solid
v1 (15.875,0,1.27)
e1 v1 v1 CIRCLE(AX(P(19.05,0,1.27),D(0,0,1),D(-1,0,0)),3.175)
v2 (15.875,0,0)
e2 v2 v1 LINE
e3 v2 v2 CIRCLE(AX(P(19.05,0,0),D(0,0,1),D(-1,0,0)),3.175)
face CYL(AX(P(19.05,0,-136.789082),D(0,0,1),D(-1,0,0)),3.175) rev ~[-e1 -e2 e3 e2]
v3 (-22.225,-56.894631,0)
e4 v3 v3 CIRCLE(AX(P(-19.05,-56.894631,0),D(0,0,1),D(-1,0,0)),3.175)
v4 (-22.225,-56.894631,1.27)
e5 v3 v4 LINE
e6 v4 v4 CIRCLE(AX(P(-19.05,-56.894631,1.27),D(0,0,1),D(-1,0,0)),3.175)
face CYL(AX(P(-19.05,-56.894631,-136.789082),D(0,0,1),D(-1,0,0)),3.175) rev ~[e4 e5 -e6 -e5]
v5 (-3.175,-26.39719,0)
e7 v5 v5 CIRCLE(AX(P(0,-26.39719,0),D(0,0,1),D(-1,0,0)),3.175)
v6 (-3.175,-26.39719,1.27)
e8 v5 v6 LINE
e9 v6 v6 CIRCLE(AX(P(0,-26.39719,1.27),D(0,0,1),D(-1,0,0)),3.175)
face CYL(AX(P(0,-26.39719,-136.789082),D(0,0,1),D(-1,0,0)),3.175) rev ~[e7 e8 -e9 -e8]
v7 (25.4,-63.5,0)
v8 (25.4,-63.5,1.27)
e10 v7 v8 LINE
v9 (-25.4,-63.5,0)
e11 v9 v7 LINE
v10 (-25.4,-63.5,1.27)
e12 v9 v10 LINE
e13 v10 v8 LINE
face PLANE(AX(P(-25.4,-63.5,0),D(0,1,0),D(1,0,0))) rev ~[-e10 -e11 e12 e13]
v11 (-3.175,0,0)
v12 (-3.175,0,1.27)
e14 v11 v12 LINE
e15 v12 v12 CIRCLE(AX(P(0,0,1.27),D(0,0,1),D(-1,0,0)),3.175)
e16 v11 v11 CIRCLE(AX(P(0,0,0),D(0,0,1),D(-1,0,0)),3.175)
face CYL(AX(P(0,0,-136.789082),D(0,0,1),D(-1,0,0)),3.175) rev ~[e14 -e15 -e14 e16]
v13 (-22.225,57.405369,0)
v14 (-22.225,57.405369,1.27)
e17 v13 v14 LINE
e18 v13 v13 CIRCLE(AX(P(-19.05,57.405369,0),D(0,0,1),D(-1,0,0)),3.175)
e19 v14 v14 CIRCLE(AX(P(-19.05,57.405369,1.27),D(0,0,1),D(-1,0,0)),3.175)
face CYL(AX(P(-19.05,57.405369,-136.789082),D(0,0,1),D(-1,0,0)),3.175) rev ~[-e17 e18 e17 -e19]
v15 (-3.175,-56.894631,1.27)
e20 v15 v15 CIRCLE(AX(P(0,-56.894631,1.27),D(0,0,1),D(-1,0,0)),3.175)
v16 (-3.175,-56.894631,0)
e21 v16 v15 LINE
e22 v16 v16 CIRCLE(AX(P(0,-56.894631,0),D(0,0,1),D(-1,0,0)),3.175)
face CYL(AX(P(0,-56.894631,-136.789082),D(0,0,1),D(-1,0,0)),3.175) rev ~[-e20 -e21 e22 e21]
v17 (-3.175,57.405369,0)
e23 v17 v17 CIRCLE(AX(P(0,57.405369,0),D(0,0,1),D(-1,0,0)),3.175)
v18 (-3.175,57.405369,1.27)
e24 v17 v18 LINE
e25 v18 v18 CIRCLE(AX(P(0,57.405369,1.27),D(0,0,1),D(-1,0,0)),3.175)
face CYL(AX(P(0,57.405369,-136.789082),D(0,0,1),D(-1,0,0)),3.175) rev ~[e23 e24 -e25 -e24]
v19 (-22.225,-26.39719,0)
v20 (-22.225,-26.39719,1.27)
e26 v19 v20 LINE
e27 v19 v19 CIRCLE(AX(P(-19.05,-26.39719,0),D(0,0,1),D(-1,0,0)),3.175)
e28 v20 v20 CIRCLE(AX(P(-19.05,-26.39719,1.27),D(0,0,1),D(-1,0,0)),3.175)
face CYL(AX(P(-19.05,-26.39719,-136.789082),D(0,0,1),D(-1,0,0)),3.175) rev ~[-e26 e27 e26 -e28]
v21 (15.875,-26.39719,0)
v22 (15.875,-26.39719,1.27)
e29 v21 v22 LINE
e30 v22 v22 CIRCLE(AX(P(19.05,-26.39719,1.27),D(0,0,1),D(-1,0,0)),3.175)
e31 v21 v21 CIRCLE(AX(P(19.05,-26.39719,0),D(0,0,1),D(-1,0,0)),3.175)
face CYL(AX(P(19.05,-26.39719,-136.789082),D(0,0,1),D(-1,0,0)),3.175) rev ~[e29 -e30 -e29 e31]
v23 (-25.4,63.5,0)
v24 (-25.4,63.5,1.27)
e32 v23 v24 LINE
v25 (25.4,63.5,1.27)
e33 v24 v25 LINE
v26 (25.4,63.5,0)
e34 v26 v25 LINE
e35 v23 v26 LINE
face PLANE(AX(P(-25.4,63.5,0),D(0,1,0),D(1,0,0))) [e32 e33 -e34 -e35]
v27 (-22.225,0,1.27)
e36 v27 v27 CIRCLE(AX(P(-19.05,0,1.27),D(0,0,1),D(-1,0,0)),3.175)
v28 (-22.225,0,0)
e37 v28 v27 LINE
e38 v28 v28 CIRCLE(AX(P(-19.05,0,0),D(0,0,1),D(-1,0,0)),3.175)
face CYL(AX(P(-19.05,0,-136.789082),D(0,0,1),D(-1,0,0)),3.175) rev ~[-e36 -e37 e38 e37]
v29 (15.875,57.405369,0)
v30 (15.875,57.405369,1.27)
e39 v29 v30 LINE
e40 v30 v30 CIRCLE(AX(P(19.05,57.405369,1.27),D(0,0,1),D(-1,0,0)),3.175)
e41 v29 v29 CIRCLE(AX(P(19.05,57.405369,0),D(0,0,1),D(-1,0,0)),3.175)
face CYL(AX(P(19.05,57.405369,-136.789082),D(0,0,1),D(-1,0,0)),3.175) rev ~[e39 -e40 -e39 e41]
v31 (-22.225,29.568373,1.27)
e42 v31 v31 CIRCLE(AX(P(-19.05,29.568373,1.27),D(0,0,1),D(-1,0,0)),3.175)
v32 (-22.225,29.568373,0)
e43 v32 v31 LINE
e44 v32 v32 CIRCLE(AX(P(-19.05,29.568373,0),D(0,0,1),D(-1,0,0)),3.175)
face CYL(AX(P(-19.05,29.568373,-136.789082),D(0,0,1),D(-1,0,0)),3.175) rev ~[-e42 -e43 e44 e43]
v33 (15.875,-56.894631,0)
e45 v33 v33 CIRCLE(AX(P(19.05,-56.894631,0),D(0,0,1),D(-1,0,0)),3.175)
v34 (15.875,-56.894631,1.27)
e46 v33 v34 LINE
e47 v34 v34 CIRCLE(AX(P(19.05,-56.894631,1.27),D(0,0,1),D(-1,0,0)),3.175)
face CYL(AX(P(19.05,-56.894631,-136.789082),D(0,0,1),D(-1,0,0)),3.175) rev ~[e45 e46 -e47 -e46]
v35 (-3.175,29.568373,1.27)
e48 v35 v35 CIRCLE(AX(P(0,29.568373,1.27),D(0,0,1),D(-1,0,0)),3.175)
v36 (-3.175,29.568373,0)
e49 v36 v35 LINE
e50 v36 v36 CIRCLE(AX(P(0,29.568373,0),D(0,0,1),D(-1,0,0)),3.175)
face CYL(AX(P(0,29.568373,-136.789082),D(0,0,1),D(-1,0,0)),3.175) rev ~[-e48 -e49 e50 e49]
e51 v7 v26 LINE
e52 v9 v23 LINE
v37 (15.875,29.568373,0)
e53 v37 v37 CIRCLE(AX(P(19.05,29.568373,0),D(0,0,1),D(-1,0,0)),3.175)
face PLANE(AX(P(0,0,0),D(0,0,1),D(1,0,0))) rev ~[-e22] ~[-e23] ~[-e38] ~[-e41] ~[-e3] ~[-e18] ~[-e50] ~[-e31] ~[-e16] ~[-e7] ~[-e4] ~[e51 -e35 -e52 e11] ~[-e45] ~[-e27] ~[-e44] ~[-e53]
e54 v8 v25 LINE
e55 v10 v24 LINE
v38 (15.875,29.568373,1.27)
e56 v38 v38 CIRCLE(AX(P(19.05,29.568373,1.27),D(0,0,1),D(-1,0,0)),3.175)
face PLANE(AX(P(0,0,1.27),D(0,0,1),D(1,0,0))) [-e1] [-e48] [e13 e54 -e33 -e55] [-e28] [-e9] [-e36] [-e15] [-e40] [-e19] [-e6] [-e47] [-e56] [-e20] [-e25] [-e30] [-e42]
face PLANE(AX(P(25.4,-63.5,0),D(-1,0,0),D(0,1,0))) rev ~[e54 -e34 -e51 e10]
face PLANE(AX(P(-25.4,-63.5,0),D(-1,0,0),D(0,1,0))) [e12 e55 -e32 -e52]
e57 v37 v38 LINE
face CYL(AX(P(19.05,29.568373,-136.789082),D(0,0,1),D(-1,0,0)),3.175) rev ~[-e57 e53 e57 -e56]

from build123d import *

# Parameters (mm, degrees)
F0_W       = 50.8
F0_H       = 127
F1_DEPTH   = 1.27
F3_D       = 6.35
F3_ON_F0_D = 6.35


with BuildPart() as f1:
    # F0 (on Top) → F1 (new body)
    with BuildSketch(Plane.XY):
        Rectangle(F0_W, F0_H)
    extrude(amount=F1_DEPTH)

    # F3 (through all)
    with Locations(Plane(origin=(0, 0, 0), x_dir=(1, 0, 0), z_dir=(0, 0, -1))):
        with Locations((-19.05, -57.4053688833), (0, -57.4053688833), (19.05, -57.4053688833), (19.05, -29.5683733465), (0, -29.5683733465), (-19.05, -29.5683733465), (-19.05, 0), (19.05, 0), (19.05, 26.3971900072), (0, 56.8946311167), (0, 26.3971900072), (-19.05, 26.3971900072), (-19.05, 56.8946311167), (19.05, 56.8946311167)):
            Hole(F3_D / 2)

    # F3 on F0 (through all)
    with Locations(Plane(origin=(0, 0, 0), x_dir=(1, 0, 0), z_dir=(0, 0, -1))):
        with Locations((0, 0)):
            Hole(F3_ON_F0_D / 2)


solid = f1.part
